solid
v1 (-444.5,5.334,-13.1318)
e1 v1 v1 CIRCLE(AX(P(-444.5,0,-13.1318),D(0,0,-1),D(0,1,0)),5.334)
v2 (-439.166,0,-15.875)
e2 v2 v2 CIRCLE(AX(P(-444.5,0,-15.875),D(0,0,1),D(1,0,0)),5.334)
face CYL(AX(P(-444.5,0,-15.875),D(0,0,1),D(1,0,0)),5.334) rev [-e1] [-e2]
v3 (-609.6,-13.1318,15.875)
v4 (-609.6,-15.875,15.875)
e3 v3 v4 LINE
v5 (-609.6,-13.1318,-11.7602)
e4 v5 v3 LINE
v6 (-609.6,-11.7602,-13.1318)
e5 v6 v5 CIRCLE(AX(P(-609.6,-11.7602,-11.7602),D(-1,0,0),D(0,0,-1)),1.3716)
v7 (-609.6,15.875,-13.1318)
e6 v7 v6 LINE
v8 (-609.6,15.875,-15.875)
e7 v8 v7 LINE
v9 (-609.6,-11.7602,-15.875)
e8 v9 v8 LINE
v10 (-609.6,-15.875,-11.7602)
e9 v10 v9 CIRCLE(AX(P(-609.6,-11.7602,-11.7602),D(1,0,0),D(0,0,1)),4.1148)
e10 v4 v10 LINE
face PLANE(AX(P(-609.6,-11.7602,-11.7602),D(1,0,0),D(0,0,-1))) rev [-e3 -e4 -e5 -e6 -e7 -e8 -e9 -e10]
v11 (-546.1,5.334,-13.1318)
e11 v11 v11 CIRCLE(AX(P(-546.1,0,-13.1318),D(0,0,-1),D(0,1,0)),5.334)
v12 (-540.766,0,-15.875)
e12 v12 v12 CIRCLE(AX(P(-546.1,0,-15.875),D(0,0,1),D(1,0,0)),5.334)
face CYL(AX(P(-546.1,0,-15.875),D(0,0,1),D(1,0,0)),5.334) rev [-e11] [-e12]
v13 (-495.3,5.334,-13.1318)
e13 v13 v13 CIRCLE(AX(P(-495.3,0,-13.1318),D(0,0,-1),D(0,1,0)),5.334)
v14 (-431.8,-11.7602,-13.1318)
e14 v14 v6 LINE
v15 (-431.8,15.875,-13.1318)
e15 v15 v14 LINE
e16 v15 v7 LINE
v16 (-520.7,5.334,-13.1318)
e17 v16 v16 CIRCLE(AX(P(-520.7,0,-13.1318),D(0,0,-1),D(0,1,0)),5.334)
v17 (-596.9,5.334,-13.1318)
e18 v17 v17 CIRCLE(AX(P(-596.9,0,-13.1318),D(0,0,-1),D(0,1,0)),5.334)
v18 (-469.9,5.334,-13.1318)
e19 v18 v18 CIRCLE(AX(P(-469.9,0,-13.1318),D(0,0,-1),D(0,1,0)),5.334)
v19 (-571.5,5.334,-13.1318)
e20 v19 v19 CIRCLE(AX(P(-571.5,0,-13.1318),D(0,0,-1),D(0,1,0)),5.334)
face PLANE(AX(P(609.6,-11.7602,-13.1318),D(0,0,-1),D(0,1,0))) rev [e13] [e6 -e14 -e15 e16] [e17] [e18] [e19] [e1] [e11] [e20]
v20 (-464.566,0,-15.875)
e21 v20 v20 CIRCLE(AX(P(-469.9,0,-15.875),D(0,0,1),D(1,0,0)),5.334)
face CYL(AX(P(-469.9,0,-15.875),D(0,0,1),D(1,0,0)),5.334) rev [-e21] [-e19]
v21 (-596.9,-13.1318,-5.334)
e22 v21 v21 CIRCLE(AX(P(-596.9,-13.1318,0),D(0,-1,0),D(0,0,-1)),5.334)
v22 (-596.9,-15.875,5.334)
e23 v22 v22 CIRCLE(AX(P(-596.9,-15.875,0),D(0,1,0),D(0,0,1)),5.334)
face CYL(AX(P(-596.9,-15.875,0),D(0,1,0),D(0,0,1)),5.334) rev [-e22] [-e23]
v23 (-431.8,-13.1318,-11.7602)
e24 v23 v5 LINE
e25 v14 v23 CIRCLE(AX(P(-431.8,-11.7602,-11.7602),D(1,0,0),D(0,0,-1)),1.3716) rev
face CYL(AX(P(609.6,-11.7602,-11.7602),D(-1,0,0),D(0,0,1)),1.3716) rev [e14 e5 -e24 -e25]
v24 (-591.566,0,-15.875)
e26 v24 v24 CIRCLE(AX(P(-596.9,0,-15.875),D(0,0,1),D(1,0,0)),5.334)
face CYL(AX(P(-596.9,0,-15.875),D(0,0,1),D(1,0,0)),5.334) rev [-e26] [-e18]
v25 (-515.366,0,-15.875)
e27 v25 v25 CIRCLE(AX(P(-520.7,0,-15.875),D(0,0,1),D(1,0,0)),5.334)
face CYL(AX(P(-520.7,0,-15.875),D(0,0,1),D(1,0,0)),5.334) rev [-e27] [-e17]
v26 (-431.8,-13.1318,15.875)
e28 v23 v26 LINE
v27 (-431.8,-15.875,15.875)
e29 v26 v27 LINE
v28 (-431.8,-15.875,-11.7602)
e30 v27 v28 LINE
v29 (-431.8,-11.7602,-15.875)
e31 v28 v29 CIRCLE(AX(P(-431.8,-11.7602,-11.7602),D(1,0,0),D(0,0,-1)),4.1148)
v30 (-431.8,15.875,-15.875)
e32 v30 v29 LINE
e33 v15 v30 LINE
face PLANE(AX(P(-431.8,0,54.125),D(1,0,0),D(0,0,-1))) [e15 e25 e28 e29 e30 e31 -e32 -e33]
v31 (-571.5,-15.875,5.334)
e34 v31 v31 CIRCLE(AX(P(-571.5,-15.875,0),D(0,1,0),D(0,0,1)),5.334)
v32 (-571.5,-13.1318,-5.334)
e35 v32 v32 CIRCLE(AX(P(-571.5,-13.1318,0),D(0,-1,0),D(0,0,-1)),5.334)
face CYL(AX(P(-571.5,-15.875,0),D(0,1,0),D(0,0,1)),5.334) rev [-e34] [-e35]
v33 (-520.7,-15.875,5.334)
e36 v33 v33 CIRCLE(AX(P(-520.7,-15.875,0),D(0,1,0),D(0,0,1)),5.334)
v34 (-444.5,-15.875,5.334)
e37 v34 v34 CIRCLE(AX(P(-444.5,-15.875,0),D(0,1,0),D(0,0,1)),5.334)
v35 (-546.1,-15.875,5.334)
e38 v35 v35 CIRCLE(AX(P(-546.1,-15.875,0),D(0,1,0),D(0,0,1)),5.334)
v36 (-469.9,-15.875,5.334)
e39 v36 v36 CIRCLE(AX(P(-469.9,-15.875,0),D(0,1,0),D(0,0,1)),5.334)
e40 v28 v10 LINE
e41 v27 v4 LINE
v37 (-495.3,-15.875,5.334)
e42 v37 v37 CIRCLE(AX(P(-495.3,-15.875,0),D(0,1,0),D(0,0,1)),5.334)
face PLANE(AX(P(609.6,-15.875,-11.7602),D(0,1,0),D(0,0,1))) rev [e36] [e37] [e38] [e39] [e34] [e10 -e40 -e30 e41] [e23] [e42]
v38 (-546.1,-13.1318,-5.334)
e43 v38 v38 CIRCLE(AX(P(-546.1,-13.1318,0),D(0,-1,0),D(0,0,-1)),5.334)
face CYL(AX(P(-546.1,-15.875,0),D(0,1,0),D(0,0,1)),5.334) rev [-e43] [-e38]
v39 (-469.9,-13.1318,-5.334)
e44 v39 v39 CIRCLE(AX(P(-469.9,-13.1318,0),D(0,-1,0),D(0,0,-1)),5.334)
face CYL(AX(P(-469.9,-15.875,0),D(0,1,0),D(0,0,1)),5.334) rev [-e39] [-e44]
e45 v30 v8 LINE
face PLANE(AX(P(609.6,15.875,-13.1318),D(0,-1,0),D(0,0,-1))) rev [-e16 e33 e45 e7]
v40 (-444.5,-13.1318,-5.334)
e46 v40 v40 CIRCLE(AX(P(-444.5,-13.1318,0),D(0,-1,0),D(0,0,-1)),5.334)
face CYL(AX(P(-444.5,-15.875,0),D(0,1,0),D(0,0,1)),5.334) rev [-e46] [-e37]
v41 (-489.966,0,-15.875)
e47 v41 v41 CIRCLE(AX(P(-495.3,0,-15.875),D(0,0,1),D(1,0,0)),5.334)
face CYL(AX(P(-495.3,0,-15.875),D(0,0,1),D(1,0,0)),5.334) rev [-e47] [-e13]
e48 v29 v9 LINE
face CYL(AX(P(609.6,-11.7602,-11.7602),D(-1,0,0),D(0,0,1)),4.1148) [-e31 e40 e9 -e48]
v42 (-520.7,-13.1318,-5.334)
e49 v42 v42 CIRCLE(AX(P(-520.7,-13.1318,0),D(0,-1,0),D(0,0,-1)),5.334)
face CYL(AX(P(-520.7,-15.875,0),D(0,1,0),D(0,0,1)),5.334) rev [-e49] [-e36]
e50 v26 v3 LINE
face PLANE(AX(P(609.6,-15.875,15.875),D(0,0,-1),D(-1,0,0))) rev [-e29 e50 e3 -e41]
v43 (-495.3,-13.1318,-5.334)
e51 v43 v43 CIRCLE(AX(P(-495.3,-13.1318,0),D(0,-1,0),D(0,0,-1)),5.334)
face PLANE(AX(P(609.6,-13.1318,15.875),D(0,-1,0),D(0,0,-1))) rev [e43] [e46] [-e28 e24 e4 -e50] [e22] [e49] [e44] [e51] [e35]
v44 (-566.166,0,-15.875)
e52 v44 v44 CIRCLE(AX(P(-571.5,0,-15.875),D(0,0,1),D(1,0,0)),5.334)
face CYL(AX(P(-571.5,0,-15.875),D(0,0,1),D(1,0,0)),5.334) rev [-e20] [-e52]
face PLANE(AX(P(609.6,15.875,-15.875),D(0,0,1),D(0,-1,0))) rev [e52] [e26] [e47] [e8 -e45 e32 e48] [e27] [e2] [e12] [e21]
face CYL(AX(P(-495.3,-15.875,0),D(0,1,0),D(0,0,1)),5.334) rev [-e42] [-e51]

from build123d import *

# Parameters (mm, degrees)
BOSS_EXTRUDE1_DEPTH      = 609.6
BOSS_EXTRUDE1_DEPTH_BACK = 609.6
SKETCH5_R                = 5.334
CUT_EXTRUDE1_DEPTH       = 16.875
SKETCH6_R                = 5.334
CUT_EXTRUDE2_DEPTH       = 16.875
LPATTERN1_COUNT          = 48
LPATTERN1_PITCH          = 25.4
SKETCH7_W                = 635
SKETCH7_H                = 31.75
CUT_EXTRUDE3_DEPTH       = 70
SKETCH8_R                = 5.334
SKETCH8_W                = 25.4
SKETCH8_H                = 4.1148
CUT_EXTRUDE4_DEPTH       = 70
SKETCH9_R                = 5.334
SKETCH9_W                = 381
SKETCH9_H                = 4.1148
CUT_EXTRUDE5_DEPTH       = 70


with BuildPart() as part:
    # Sketch4 → Boss-Extrude1 (new body, two sides)
    with BuildSketch(Plane(origin=(0, 0, 0), x_dir=(0, 0, -1), z_dir=(1, 0, 0))) as boss_extrude1_sk:
        with BuildLine():
            Line((-15.875, -13.1318), (11.7602, -13.1318))
            ThreePointArc((11.7602, -13.1318), (12.730067661, -12.730067661), (13.1318, -11.7602))
            Line((13.1318, -11.7602), (13.1318, 15.875))
            Line((13.1318, 15.875), (15.875, 15.875))
            Line((15.875, 15.875), (15.875, -11.7602))
            ThreePointArc((15.875, -11.7602), (14.669802983, -14.669802983), (11.7602, -15.875))
            Line((11.7602, -15.875), (-15.875, -15.875))
            Line((-15.875, -15.875), (-15.875, -13.1318))
        make_face()
    extrude(amount=BOSS_EXTRUDE1_DEPTH)
    extrude(boss_extrude1_sk.sketch, amount=-BOSS_EXTRUDE1_DEPTH_BACK)

    # Sketch5 → Cut-Extrude1 (cut, through all)
    with BuildSketch(Plane.XY):
        with Locations((596.9, 0)):
            Circle(SKETCH5_R)
    cut_extrude1 = extrude(amount=-CUT_EXTRUDE1_DEPTH, mode=Mode.SUBTRACT)

    # Sketch6 → Cut-Extrude2 (cut, through all)
    with BuildSketch(Plane(origin=(0, 0, 0), x_dir=(1, 0, 0), z_dir=(0, 1, 0))):
        with Locations((596.9, 0)):
            Circle(SKETCH6_R)
    cut_extrude2 = extrude(amount=-CUT_EXTRUDE2_DEPTH, mode=Mode.SUBTRACT)

    # LPattern1: Cut-Extrude1, Cut-Extrude2 ×48
    with Locations(*[(-i * LPATTERN1_PITCH, 0, 0) for i in range(1, LPATTERN1_COUNT)]):
        add(cut_extrude1, mode=Mode.SUBTRACT)
        add(cut_extrude2, mode=Mode.SUBTRACT)

    # Sketch7 → Cut-Extrude3 (cut)
    with BuildSketch(Plane(origin=(0, 0, -15.875), x_dir=(-1, 0, 0), z_dir=(0, 0, -1))):
        with Locations((-292.1, 0)):
            Rectangle(SKETCH7_W, SKETCH7_H)
    extrude(amount=-CUT_EXTRUDE3_DEPTH, mode=Mode.SUBTRACT)

    # Sketch8 → Cut-Extrude4 (cut)
    with BuildSketch(Plane(origin=(0, 0, -15.875), x_dir=(-1, 0, 0), z_dir=(0, 0, -1))):
        Polygon((50.8, 15.875), (25.4, 15.875), (25.4, -11.7602), (50.8, -11.7602), (50.8, 0), align=None)
        with Locations((38.1, 0)):
            Circle(SKETCH8_R, mode=Mode.SUBTRACT)
        with Locations((38.1, -13.8176)):
            Rectangle(SKETCH8_W, SKETCH8_H)
    extrude(amount=-CUT_EXTRUDE4_DEPTH, mode=Mode.SUBTRACT)

    # Sketch9 → Cut-Extrude5 (cut)
    with BuildSketch(Plane(origin=(0, 0, -15.875), x_dir=(-1, 0, 0), z_dir=(0, 0, -1))):
        Polygon((431.8, 15.875), (50.8, 15.875), (50.8, -11.7602), (431.8, -11.7602), (431.8, 0), align=None)
        with Locations((63.5, 0)):
            Circle(SKETCH9_R, mode=Mode.SUBTRACT)
        with Locations((88.9, 0)):
            Circle(SKETCH9_R, mode=Mode.SUBTRACT)
        with Locations((114.3, 0)):
            Circle(SKETCH9_R, mode=Mode.SUBTRACT)
        with Locations((139.7, 0)):
            Circle(SKETCH9_R, mode=Mode.SUBTRACT)
        with Locations((165.1, 0)):
            Circle(SKETCH9_R, mode=Mode.SUBTRACT)
        with Locations((190.5, 0)):
            Circle(SKETCH9_R, mode=Mode.SUBTRACT)
        with Locations((215.9, 0)):
            Circle(SKETCH9_R, mode=Mode.SUBTRACT)
        with Locations((241.3, 0)):
            Circle(SKETCH9_R, mode=Mode.SUBTRACT)
        with Locations((266.7, 0)):
            Circle(SKETCH9_R, mode=Mode.SUBTRACT)
        with Locations((292.1, 0)):
            Circle(SKETCH9_R, mode=Mode.SUBTRACT)
        with Locations((317.5, 0)):
            Circle(SKETCH9_R, mode=Mode.SUBTRACT)
        with Locations((342.9, 0)):
            Circle(SKETCH9_R, mode=Mode.SUBTRACT)
        with Locations((368.3, 0)):
            Circle(SKETCH9_R, mode=Mode.SUBTRACT)
        with Locations((393.7, 0)):
            Circle(SKETCH9_R, mode=Mode.SUBTRACT)
        with Locations((419.1, 0)):
            Circle(SKETCH9_R, mode=Mode.SUBTRACT)
        with Locations((241.3, -13.8176)):
            Rectangle(SKETCH9_W, SKETCH9_H)
    extrude(amount=-CUT_EXTRUDE5_DEPTH, mode=Mode.SUBTRACT)


solid = part.part
